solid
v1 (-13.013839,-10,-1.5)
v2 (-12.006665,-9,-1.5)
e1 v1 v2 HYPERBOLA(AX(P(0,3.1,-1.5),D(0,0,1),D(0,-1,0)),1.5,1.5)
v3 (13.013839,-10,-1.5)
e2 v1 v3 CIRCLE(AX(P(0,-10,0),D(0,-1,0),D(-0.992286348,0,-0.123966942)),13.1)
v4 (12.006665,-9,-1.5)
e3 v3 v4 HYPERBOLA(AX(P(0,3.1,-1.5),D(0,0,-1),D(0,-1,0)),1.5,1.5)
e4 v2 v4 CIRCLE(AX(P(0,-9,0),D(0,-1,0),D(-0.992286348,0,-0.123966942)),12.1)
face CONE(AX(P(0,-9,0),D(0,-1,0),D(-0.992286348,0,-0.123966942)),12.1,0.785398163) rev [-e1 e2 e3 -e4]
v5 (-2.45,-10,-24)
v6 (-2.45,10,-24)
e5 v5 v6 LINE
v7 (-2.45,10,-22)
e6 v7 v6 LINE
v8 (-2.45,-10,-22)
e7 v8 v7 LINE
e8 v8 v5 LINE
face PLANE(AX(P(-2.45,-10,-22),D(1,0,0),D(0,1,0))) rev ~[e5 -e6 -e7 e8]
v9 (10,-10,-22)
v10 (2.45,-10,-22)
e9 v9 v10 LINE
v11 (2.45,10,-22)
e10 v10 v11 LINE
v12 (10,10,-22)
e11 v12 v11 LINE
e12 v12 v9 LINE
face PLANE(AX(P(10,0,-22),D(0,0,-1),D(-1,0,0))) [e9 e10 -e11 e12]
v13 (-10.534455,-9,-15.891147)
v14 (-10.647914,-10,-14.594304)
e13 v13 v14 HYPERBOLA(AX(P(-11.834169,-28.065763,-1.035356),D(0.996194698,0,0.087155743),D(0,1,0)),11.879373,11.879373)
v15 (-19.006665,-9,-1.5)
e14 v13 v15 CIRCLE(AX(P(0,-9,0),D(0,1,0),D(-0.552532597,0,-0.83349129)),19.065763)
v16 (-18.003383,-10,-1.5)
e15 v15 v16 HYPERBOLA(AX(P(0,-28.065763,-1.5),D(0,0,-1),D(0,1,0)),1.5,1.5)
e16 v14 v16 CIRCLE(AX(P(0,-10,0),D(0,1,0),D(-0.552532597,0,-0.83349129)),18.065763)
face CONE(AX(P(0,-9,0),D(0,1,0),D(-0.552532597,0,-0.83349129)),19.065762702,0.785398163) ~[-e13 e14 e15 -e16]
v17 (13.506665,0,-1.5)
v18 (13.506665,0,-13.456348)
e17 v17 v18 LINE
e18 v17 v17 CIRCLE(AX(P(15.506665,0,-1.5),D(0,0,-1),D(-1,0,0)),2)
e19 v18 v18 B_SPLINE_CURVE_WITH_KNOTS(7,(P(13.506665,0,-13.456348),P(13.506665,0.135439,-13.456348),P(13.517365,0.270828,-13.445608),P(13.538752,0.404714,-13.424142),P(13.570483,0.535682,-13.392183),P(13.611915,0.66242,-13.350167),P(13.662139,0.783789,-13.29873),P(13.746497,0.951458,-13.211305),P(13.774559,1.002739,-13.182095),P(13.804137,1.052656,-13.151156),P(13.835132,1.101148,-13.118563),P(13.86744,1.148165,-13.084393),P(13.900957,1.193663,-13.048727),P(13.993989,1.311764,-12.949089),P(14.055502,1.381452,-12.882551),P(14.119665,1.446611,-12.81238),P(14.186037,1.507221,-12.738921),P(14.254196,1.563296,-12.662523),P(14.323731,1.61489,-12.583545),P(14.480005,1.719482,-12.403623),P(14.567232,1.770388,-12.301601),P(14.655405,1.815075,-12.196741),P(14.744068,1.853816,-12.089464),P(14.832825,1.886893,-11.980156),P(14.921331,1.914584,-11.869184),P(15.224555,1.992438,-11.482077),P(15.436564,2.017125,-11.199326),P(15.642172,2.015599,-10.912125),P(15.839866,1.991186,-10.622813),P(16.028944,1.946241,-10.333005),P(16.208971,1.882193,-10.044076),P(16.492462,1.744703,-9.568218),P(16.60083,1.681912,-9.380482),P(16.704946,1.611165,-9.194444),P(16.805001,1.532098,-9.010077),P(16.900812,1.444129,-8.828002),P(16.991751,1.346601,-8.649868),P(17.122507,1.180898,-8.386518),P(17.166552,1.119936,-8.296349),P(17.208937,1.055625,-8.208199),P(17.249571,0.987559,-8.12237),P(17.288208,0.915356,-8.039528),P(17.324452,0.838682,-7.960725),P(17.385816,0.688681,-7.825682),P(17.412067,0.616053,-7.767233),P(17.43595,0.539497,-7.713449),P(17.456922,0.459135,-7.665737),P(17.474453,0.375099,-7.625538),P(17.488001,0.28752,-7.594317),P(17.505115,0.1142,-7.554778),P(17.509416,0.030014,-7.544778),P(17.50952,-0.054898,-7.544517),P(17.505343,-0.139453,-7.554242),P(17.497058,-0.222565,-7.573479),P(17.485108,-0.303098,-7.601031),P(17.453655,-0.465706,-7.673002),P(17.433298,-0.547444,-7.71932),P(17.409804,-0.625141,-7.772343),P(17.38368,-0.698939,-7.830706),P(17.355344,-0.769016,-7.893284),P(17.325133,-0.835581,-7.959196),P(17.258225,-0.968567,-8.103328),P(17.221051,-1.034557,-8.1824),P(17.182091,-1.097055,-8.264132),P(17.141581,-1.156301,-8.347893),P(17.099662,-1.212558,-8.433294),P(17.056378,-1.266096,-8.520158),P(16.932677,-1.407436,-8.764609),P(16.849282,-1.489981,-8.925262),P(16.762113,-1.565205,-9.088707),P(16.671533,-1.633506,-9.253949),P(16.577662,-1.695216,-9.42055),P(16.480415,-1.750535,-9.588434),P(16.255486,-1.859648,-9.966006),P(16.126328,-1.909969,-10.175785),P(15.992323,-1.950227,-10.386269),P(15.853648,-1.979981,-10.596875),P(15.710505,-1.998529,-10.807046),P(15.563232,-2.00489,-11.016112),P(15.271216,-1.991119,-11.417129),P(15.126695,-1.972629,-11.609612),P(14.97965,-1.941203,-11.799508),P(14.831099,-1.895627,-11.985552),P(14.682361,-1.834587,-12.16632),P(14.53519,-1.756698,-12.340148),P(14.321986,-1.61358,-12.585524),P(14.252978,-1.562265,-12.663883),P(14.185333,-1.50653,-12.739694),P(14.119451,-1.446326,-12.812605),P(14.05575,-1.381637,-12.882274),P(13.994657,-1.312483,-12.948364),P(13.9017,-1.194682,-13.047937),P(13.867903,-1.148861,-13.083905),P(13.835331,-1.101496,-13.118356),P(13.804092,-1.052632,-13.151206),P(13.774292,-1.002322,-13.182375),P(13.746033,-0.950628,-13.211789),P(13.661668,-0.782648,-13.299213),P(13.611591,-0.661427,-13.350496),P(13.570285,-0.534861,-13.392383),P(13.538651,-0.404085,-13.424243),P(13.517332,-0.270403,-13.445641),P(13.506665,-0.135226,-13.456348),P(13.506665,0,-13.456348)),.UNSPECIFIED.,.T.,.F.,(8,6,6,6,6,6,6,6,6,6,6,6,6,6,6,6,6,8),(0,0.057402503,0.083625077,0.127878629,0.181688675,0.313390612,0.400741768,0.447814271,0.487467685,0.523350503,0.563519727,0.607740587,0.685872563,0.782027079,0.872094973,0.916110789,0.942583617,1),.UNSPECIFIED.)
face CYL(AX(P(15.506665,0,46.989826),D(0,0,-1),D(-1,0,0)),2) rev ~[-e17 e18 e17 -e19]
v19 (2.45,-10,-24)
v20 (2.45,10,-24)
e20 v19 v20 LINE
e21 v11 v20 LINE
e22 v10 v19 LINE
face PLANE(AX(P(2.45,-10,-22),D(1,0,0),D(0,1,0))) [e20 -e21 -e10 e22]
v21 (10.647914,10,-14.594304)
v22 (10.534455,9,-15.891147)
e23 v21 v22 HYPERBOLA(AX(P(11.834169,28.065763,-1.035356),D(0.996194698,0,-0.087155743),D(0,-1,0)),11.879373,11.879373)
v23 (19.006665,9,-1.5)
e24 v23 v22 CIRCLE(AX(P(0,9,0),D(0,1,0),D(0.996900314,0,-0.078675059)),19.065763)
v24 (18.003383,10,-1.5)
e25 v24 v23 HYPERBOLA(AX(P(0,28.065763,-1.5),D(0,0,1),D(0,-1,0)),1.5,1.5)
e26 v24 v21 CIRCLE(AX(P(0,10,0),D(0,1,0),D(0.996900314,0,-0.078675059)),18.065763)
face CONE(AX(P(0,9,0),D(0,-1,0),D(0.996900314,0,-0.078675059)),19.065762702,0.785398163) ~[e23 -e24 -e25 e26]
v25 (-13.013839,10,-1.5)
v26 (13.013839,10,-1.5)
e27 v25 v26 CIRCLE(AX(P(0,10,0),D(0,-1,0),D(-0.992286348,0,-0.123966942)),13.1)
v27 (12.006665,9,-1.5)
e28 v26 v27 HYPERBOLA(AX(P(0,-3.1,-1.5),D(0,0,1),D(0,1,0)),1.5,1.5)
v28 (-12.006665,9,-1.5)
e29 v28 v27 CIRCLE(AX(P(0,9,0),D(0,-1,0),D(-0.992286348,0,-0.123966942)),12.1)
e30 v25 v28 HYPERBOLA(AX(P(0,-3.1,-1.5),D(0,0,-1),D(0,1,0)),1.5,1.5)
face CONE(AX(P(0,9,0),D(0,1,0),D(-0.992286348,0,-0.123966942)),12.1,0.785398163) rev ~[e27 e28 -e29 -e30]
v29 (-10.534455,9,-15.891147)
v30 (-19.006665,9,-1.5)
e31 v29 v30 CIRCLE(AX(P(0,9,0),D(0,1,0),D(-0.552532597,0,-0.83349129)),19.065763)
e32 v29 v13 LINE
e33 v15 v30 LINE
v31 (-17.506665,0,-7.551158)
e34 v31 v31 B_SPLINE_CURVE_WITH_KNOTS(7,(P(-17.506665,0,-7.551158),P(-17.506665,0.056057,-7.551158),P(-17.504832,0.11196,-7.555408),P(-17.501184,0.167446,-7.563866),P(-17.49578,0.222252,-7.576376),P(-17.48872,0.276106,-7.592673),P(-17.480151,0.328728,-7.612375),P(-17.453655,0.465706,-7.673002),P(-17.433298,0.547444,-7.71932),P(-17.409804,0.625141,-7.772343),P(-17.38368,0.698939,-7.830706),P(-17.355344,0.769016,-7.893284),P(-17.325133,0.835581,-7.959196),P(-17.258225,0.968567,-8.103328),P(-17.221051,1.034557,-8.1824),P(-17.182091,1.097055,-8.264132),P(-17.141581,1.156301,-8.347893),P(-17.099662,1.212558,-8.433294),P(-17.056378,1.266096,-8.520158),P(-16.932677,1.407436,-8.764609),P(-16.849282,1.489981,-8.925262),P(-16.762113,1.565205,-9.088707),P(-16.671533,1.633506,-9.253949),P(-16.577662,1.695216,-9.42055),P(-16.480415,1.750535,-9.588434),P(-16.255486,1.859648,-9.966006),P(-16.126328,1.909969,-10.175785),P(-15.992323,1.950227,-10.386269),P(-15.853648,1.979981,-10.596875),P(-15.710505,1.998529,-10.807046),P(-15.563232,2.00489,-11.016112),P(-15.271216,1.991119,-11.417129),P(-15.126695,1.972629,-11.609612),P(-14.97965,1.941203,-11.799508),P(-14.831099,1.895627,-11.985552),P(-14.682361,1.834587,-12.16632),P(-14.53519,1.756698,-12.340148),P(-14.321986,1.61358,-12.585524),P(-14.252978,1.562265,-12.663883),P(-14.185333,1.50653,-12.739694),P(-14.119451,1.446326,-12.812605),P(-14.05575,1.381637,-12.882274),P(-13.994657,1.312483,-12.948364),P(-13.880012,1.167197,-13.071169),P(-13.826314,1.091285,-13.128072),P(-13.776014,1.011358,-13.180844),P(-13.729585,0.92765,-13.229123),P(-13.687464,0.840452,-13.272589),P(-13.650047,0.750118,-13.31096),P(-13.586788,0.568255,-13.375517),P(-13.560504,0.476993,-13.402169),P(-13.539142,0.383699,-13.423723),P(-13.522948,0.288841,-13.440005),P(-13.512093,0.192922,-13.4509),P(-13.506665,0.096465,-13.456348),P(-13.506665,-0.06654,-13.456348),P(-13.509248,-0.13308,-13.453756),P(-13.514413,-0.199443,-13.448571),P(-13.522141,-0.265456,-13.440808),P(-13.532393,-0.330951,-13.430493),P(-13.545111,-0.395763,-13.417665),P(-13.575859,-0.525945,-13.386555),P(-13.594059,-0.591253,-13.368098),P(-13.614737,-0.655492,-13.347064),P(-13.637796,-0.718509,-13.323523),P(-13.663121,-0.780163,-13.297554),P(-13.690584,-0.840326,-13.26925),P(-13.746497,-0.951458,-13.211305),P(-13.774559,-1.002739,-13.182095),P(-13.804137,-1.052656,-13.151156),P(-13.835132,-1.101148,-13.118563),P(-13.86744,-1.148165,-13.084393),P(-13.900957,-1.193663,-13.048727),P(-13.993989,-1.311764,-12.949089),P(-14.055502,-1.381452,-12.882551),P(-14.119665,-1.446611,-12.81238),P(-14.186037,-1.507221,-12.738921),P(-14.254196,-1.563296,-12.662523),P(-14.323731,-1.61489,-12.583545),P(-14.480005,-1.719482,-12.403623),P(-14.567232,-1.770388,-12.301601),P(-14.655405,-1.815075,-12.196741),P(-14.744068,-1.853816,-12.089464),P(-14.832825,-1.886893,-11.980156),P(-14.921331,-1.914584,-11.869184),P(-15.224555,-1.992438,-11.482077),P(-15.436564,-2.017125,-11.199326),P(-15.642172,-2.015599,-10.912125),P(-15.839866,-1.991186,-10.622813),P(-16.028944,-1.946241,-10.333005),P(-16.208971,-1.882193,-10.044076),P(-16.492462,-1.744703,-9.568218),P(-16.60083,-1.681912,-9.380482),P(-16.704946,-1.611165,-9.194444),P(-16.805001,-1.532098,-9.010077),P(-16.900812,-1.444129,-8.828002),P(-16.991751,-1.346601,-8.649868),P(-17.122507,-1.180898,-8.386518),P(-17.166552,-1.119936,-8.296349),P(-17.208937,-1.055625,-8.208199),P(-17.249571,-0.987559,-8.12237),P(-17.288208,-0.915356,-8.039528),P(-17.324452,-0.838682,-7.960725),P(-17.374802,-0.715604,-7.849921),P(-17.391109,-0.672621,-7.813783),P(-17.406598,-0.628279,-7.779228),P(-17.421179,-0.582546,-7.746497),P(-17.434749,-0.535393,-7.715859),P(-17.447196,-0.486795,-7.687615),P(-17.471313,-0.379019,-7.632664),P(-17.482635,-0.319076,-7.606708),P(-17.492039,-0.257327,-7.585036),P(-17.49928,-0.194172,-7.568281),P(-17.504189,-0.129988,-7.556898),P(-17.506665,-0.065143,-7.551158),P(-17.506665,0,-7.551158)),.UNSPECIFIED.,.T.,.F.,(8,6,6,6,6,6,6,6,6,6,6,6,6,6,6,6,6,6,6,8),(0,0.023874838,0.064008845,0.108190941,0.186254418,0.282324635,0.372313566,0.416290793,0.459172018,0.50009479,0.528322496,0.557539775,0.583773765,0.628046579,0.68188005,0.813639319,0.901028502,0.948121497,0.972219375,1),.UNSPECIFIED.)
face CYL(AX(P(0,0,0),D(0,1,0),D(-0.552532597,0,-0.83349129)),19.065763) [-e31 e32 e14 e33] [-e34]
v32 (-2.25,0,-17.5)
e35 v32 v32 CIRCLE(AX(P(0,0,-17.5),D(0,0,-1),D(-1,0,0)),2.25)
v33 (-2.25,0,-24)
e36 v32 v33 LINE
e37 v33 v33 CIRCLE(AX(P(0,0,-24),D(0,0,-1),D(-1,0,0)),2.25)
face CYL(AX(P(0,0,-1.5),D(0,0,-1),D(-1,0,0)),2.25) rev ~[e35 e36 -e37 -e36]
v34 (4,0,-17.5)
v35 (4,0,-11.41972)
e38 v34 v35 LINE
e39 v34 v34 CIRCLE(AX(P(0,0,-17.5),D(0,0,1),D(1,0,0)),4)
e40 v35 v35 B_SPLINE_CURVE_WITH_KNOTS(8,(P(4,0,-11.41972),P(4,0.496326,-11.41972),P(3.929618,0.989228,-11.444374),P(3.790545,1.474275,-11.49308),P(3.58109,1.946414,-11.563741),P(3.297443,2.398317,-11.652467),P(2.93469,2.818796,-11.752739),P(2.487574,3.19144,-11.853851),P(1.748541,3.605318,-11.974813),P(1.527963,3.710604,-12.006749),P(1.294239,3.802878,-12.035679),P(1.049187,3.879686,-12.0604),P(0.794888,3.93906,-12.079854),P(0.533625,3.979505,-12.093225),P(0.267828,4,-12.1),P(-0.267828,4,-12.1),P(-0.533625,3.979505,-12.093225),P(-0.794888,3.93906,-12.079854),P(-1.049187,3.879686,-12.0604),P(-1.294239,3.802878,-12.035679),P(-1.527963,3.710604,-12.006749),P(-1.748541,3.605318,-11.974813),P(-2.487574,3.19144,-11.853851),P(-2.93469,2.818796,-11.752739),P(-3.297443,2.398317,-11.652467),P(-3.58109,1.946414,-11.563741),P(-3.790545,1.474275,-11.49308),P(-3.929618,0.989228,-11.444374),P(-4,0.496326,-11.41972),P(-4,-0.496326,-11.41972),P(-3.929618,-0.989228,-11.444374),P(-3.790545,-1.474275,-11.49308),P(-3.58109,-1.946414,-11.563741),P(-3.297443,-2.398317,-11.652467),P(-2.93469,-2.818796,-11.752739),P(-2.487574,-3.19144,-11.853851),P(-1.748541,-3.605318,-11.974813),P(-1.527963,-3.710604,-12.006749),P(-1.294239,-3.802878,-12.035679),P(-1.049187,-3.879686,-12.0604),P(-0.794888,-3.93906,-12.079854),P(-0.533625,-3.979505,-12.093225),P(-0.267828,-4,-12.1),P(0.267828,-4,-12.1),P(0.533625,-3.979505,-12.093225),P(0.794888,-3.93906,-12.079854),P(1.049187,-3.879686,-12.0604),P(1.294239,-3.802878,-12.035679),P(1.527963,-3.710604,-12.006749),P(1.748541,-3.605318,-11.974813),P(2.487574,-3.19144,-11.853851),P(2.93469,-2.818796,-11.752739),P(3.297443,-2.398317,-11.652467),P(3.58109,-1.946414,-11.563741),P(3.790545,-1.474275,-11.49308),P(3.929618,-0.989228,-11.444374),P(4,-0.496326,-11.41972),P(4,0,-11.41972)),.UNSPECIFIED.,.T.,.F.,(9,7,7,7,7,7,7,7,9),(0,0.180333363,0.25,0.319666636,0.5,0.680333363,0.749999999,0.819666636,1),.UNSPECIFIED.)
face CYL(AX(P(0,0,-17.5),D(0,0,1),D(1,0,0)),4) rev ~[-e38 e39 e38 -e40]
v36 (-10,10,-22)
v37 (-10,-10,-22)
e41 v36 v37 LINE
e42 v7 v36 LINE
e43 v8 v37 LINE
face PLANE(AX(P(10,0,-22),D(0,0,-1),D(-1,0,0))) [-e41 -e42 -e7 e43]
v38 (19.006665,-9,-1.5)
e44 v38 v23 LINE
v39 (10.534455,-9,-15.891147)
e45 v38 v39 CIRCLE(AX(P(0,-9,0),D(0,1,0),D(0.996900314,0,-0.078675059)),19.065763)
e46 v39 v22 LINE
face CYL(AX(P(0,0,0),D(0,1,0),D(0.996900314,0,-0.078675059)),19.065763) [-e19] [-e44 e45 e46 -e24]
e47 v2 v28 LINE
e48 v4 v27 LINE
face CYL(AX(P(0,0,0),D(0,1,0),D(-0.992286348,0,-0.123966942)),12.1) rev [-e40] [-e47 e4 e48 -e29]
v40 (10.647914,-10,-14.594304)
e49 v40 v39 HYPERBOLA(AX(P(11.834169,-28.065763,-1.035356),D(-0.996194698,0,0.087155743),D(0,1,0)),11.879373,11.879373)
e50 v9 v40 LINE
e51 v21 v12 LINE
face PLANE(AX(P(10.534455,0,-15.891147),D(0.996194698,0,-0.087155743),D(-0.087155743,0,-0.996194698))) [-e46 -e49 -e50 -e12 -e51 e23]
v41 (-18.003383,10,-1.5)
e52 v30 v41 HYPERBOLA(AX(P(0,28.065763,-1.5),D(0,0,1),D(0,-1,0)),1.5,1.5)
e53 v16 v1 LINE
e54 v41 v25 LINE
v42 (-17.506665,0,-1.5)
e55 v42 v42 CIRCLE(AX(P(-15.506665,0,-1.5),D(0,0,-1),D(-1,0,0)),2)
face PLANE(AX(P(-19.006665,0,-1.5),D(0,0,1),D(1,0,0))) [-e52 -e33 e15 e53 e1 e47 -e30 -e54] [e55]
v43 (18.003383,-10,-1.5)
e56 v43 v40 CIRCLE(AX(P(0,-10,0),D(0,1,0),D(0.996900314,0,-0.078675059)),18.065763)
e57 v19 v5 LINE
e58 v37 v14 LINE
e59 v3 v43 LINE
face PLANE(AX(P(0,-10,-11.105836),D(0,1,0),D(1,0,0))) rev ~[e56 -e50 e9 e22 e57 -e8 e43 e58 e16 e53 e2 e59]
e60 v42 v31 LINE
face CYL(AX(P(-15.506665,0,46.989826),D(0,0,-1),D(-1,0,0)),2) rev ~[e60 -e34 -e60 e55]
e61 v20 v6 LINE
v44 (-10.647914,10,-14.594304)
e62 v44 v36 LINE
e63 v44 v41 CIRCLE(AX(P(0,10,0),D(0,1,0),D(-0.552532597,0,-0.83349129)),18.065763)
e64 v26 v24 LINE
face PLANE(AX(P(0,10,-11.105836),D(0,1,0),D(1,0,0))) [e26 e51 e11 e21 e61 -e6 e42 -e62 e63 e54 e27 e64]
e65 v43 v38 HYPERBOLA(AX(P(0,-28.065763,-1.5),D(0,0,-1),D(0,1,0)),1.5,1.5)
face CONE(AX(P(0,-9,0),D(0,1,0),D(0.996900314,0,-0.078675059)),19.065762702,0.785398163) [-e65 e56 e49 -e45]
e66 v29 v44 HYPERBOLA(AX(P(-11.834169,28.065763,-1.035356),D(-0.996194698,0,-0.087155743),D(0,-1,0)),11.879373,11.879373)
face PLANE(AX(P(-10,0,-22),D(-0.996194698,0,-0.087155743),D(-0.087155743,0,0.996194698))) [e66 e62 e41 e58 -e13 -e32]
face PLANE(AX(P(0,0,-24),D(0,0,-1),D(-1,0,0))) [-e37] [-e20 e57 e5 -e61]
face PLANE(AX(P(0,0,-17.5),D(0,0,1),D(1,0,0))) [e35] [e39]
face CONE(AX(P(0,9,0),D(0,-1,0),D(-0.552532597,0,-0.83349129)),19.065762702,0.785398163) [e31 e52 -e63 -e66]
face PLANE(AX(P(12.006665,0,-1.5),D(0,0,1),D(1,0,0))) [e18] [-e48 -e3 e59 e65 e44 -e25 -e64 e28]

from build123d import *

# Parameters (mm, degrees)
AUFSATZ_LINEAR_AUSTRAGEN1_DEPTH                      = 10
SKIZZE4_W                                            = 4.9
SKIZZE4_H                                            = 20
AUFSATZ_LINEAR_AUSTRAGEN2_DEPTH                      = 2
STIRNSENKUNG_F_R_M4_ZYLINDERSCHRAUBE_MIT_D           = 4.5
STIRNSENKUNG_F_R_M4_ZYLINDERSCHRAUBE_MIT_CBORE_D     = 8
STIRNSENKUNG_F_R_M4_ZYLINDERSCHRAUBE_MIT_CBORE_DEPTH = 16
F_4_0_4_DURCHMESSER_BOHRUNG1_D                       = 4
FASE1_SIZE                                           = 1


with BuildPart() as part:
    # Skizze1 → Aufsatz-Linear austragen1 (new body, symmetric)
    with BuildSketch(Plane(origin=(0, 0, 0), x_dir=(1, 0, 0), z_dir=(0, 1, 0))):
        with BuildLine():
            ThreePointArc((-10.534455372, 15.89114714), (-16.430025091, 9.672516887), (-19.006664816, 1.5))
            Line((-19.006664816, 1.5), (-12.006664816, 1.5))
            ThreePointArc((-12.006664816, 1.5), (0, 12.1), (12.006664816, 1.5))
            Line((12.006664816, 1.5), (19.006664816, 1.5))
            ThreePointArc((19.006664816, 1.5), (16.430025091, 9.672516887), (10.534455372, 15.89114714))
            Line((10.534455372, 15.89114714), (10, 22))
            Line((10, 22), (-10, 22))
            Line((-10, 22), (-10.534455372, 15.89114714))
        make_face()
    extrude(amount=AUFSATZ_LINEAR_AUSTRAGEN1_DEPTH, both=True)

    # Skizze4 → Aufsatz-Linear austragen2 (add)
    with BuildSketch(Plane(origin=(0, 0, -22), x_dir=(-1, 0, 0), z_dir=(0, 0, -1))):
        Rectangle(SKIZZE4_W, SKIZZE4_H)
    extrude(amount=AUFSATZ_LINEAR_AUSTRAGEN2_DEPTH)

    # Stirnsenkung für M4 Zylinderschraube mit Innensechskant1 (through all)
    with Locations(Plane.XY.offset(-1.5)):
        with Locations((0, 0)):
            CounterBoreHole(STIRNSENKUNG_F_R_M4_ZYLINDERSCHRAUBE_MIT_D / 2, STIRNSENKUNG_F_R_M4_ZYLINDERSCHRAUBE_MIT_CBORE_D / 2, STIRNSENKUNG_F_R_M4_ZYLINDERSCHRAUBE_MIT_CBORE_DEPTH)

    # Ø4.0 (4) Durchmesser Bohrung1 (through all)
    with Locations(Plane.XY.offset(-1.5)):
        with Locations((-15.506664816, 0), (15.506664816, 0)):
            Hole(F_4_0_4_DURCHMESSER_BOHRUNG1_D / 2)

    # Fase1
    fase1_edges = [part.edges().sort_by_distance(p)[0] for p in [
        (0, -10, -12.1),
        (-16.430025091, -10, -9.672516887),
        (16.430025091, -10, -9.672516887),
        (-16.430025091, 10, -9.672516887),
        (0, 10, -12.1),
        (16.430025091, 10, -9.672516887),
    ]]
    chamfer(fase1_edges, length=FASE1_SIZE)


solid = part.part
